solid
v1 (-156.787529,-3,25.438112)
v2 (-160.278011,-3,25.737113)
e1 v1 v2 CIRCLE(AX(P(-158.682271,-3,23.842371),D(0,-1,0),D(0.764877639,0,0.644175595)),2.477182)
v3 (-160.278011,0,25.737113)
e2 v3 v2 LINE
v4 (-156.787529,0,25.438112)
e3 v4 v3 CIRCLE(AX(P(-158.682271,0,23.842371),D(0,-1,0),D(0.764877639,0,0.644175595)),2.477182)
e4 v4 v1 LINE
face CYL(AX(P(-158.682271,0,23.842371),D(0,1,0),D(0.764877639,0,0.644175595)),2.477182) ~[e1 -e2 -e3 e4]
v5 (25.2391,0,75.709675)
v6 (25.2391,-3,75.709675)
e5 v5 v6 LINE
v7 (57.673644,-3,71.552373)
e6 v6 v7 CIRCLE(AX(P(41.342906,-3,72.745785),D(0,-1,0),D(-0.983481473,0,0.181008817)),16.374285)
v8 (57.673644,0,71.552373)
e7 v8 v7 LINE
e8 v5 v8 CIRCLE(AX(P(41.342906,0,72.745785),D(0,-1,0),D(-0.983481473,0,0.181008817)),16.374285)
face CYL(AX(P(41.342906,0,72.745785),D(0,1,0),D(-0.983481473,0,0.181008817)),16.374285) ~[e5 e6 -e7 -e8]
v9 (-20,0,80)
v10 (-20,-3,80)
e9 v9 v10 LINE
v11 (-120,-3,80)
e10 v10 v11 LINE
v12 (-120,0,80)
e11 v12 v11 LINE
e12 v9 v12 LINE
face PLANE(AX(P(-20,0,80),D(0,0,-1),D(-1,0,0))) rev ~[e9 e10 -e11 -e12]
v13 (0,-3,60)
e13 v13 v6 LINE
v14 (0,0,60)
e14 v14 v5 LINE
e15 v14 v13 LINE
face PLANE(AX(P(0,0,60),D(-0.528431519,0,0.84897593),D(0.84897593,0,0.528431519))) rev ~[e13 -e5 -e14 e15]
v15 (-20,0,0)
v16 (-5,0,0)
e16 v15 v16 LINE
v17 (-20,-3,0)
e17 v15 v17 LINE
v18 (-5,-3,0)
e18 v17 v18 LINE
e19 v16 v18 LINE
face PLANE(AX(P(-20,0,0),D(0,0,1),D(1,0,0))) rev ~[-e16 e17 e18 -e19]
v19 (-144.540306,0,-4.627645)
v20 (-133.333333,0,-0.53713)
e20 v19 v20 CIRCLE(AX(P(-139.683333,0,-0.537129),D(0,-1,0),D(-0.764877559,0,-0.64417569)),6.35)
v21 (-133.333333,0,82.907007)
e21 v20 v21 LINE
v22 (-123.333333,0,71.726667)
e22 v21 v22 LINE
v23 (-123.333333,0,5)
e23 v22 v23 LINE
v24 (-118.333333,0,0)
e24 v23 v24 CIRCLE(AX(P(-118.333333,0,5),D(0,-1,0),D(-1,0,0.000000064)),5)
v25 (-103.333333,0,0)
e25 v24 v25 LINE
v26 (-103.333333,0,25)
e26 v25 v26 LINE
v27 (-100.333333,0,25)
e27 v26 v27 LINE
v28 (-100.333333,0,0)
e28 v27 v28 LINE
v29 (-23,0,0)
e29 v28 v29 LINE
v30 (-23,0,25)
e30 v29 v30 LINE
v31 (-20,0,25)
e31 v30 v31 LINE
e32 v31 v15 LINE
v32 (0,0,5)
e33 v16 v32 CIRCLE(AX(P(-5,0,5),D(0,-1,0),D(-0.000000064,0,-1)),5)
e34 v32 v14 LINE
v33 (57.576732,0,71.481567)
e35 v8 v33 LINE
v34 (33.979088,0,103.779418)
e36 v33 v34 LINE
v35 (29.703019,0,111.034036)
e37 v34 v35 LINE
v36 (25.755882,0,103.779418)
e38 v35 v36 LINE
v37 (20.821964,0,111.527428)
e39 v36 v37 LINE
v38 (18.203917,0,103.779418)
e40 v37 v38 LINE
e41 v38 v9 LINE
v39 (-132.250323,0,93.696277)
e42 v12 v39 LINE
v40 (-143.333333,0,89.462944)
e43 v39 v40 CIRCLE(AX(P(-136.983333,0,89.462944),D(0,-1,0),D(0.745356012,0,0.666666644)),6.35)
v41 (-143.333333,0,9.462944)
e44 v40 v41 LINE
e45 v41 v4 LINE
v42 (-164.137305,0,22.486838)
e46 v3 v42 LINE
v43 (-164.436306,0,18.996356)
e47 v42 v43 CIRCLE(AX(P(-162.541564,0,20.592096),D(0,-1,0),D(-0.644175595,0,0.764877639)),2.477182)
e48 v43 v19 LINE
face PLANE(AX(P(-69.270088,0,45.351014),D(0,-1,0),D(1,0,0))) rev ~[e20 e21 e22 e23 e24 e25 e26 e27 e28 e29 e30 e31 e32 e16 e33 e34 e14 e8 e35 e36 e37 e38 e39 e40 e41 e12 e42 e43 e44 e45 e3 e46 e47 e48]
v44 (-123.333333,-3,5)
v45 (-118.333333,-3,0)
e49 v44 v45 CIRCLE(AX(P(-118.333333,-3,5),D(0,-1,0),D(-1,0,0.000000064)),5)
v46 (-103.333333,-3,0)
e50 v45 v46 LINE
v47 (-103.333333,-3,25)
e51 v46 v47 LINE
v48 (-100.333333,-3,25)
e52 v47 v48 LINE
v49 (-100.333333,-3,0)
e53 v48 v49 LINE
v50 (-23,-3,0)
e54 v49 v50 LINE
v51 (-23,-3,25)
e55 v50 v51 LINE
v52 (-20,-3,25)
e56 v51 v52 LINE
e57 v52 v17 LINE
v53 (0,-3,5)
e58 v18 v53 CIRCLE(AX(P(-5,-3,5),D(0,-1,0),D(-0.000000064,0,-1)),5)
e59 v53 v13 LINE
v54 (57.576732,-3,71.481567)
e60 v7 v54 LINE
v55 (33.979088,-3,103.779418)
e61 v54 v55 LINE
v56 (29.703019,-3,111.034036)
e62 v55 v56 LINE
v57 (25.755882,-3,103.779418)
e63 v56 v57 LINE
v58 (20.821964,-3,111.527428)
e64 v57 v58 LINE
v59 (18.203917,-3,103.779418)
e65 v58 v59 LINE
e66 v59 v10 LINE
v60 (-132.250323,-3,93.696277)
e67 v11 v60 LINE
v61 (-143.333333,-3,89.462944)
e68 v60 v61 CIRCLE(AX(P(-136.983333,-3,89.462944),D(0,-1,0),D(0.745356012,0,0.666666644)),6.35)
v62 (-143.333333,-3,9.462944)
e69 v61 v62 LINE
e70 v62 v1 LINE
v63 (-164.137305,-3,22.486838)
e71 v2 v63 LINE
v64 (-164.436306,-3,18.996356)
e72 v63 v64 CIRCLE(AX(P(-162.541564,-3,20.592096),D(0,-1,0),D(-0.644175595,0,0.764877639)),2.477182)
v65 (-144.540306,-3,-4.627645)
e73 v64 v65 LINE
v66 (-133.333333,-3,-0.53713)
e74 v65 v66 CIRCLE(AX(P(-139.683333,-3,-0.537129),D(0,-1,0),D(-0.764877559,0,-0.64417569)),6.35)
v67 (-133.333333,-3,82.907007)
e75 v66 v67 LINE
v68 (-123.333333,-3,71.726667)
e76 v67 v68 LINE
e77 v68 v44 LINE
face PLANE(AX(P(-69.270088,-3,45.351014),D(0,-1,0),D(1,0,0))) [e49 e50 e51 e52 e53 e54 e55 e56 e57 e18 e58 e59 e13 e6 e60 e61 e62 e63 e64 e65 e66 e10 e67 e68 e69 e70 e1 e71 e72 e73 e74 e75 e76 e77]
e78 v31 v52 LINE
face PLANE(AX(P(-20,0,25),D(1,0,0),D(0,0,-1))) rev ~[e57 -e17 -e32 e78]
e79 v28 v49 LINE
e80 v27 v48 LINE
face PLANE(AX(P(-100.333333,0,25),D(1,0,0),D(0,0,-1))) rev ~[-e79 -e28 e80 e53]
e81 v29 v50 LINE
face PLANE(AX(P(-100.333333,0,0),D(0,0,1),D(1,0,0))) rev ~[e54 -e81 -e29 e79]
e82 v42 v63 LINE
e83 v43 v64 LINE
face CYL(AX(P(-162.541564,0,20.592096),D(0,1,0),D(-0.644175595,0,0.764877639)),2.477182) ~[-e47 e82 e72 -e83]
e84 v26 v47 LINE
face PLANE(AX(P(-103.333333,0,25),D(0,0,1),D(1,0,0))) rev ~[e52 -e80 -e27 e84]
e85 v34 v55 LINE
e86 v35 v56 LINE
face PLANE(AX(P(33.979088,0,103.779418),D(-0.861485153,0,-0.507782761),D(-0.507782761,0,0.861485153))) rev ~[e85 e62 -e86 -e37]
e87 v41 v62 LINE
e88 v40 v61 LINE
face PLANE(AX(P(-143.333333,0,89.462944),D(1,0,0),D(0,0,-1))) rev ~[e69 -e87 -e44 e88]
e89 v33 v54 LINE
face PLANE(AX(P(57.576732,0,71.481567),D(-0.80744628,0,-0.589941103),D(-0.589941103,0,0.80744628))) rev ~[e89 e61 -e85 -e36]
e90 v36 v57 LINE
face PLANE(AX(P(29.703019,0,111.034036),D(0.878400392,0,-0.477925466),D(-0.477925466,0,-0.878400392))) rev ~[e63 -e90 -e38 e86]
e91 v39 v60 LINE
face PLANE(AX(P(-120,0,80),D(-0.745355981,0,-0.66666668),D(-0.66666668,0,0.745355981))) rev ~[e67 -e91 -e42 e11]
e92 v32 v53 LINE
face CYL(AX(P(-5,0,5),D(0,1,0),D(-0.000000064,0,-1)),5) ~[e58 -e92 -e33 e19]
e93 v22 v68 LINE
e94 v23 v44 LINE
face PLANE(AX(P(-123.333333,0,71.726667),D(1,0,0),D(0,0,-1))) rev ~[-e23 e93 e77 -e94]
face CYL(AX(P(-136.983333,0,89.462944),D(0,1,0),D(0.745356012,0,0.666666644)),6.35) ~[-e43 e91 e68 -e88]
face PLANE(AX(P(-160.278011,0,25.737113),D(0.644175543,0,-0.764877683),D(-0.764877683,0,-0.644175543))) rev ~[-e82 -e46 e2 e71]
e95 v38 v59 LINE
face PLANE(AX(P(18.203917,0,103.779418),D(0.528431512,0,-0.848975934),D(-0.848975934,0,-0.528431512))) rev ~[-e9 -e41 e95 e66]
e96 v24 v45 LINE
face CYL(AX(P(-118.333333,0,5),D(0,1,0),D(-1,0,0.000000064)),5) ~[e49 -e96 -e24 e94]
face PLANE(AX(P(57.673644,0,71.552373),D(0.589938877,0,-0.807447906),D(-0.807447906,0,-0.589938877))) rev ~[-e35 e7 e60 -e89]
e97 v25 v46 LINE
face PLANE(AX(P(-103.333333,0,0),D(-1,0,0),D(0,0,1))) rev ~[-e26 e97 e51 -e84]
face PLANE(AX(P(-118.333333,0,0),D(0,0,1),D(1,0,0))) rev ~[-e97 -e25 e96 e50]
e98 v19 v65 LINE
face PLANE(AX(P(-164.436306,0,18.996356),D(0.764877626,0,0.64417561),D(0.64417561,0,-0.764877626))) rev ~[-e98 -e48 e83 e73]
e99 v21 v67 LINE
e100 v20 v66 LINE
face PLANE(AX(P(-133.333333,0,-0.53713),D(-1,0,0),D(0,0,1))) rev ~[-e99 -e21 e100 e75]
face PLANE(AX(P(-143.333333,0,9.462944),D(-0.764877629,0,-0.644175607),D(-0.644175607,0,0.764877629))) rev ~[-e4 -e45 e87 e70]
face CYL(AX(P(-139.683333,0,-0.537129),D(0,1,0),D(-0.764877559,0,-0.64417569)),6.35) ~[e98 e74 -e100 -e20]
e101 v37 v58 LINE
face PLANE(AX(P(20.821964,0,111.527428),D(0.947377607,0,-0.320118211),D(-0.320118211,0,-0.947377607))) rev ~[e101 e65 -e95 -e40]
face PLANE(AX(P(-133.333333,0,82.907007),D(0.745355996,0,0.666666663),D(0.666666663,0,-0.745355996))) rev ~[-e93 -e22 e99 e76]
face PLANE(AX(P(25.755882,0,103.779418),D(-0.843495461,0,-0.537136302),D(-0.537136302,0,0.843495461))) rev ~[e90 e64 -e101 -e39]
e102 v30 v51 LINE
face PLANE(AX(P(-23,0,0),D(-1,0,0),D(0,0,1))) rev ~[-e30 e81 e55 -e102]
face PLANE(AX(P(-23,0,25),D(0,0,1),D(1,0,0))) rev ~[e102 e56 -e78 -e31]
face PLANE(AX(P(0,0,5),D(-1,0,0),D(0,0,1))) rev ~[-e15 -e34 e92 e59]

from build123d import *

# Parameters (mm, degrees)
F1_DEPTH = 3


with BuildPart() as f1:
    # F0 (on Front) → F1 (new body)
    with BuildSketch(Plane.XZ):
        with BuildLine():
            Line((-20, 0), (-5, 0))
            ThreePointArc((-5, 0), (-1.464466, 1.464466), (0, 5))
            Line((0, 5), (0, 60))
            Line((0, 60), (25.2391, 75.709675))
            ThreePointArc((25.2391, 75.709675), (39.261161, 56.50437), (57.673644, 71.552373))
            Line((57.673644, 71.552373), (57.576732, 71.481567))
            Line((57.576732, 71.481567), (33.979088, 103.779418))
            Line((33.979088, 103.779418), (29.703019, 111.034036))
            Line((29.703019, 111.034036), (25.755882, 103.779418))
            Line((25.755882, 103.779418), (20.821964, 111.527428))
            Line((20.821964, 111.527428), (18.203917, 103.779418))
            Line((18.203917, 103.779418), (-20, 80))
            Line((-20, 80), (-120, 80))
            Line((-120, 80), (-132.250323, 93.696277))
            ThreePointArc((-132.250323, 93.696277), (-139.249154, 95.394938), (-143.333333, 89.462944))
            Line((-143.333333, 89.462944), (-143.333333, 9.462944))
            Line((-143.333333, 9.462944), (-156.787529, 25.438112))
            ThreePointArc((-156.787529, 25.438112), (-158.470845, 26.310515), (-160.278011, 25.737113))
            Line((-160.278011, 25.737113), (-164.137305, 22.486838))
            ThreePointArc((-164.137305, 22.486838), (-165.009708, 20.803522), (-164.436306, 18.996356))
            Line((-164.436306, 18.996356), (-144.540306, -4.627645))
            ThreePointArc((-144.540306, -4.627645), (-137.506096, -6.502206), (-133.333333, -0.53713))
            Line((-133.333333, -0.53713), (-133.333333, 82.907007))
            Line((-133.333333, 82.907007), (-123.333333, 71.726667))
            Line((-123.333333, 71.726667), (-123.333333, 5))
            ThreePointArc((-123.333333, 5), (-121.868867, 1.464466), (-118.333333, 0))
            Line((-118.333333, 0), (-103.333333, 0))
            Line((-103.333333, 0), (-103.333333, 25))
            Line((-103.333333, 25), (-100.333333, 25))
            Line((-100.333333, 25), (-100.333333, 0))
            Line((-100.333333, 0), (-23, 0))
            Line((-23, 0), (-23, 25))
            Line((-23, 25), (-20, 25))
            Line((-20, 25), (-20, 0))
        make_face()
    extrude(amount=F1_DEPTH)


solid = f1.part
